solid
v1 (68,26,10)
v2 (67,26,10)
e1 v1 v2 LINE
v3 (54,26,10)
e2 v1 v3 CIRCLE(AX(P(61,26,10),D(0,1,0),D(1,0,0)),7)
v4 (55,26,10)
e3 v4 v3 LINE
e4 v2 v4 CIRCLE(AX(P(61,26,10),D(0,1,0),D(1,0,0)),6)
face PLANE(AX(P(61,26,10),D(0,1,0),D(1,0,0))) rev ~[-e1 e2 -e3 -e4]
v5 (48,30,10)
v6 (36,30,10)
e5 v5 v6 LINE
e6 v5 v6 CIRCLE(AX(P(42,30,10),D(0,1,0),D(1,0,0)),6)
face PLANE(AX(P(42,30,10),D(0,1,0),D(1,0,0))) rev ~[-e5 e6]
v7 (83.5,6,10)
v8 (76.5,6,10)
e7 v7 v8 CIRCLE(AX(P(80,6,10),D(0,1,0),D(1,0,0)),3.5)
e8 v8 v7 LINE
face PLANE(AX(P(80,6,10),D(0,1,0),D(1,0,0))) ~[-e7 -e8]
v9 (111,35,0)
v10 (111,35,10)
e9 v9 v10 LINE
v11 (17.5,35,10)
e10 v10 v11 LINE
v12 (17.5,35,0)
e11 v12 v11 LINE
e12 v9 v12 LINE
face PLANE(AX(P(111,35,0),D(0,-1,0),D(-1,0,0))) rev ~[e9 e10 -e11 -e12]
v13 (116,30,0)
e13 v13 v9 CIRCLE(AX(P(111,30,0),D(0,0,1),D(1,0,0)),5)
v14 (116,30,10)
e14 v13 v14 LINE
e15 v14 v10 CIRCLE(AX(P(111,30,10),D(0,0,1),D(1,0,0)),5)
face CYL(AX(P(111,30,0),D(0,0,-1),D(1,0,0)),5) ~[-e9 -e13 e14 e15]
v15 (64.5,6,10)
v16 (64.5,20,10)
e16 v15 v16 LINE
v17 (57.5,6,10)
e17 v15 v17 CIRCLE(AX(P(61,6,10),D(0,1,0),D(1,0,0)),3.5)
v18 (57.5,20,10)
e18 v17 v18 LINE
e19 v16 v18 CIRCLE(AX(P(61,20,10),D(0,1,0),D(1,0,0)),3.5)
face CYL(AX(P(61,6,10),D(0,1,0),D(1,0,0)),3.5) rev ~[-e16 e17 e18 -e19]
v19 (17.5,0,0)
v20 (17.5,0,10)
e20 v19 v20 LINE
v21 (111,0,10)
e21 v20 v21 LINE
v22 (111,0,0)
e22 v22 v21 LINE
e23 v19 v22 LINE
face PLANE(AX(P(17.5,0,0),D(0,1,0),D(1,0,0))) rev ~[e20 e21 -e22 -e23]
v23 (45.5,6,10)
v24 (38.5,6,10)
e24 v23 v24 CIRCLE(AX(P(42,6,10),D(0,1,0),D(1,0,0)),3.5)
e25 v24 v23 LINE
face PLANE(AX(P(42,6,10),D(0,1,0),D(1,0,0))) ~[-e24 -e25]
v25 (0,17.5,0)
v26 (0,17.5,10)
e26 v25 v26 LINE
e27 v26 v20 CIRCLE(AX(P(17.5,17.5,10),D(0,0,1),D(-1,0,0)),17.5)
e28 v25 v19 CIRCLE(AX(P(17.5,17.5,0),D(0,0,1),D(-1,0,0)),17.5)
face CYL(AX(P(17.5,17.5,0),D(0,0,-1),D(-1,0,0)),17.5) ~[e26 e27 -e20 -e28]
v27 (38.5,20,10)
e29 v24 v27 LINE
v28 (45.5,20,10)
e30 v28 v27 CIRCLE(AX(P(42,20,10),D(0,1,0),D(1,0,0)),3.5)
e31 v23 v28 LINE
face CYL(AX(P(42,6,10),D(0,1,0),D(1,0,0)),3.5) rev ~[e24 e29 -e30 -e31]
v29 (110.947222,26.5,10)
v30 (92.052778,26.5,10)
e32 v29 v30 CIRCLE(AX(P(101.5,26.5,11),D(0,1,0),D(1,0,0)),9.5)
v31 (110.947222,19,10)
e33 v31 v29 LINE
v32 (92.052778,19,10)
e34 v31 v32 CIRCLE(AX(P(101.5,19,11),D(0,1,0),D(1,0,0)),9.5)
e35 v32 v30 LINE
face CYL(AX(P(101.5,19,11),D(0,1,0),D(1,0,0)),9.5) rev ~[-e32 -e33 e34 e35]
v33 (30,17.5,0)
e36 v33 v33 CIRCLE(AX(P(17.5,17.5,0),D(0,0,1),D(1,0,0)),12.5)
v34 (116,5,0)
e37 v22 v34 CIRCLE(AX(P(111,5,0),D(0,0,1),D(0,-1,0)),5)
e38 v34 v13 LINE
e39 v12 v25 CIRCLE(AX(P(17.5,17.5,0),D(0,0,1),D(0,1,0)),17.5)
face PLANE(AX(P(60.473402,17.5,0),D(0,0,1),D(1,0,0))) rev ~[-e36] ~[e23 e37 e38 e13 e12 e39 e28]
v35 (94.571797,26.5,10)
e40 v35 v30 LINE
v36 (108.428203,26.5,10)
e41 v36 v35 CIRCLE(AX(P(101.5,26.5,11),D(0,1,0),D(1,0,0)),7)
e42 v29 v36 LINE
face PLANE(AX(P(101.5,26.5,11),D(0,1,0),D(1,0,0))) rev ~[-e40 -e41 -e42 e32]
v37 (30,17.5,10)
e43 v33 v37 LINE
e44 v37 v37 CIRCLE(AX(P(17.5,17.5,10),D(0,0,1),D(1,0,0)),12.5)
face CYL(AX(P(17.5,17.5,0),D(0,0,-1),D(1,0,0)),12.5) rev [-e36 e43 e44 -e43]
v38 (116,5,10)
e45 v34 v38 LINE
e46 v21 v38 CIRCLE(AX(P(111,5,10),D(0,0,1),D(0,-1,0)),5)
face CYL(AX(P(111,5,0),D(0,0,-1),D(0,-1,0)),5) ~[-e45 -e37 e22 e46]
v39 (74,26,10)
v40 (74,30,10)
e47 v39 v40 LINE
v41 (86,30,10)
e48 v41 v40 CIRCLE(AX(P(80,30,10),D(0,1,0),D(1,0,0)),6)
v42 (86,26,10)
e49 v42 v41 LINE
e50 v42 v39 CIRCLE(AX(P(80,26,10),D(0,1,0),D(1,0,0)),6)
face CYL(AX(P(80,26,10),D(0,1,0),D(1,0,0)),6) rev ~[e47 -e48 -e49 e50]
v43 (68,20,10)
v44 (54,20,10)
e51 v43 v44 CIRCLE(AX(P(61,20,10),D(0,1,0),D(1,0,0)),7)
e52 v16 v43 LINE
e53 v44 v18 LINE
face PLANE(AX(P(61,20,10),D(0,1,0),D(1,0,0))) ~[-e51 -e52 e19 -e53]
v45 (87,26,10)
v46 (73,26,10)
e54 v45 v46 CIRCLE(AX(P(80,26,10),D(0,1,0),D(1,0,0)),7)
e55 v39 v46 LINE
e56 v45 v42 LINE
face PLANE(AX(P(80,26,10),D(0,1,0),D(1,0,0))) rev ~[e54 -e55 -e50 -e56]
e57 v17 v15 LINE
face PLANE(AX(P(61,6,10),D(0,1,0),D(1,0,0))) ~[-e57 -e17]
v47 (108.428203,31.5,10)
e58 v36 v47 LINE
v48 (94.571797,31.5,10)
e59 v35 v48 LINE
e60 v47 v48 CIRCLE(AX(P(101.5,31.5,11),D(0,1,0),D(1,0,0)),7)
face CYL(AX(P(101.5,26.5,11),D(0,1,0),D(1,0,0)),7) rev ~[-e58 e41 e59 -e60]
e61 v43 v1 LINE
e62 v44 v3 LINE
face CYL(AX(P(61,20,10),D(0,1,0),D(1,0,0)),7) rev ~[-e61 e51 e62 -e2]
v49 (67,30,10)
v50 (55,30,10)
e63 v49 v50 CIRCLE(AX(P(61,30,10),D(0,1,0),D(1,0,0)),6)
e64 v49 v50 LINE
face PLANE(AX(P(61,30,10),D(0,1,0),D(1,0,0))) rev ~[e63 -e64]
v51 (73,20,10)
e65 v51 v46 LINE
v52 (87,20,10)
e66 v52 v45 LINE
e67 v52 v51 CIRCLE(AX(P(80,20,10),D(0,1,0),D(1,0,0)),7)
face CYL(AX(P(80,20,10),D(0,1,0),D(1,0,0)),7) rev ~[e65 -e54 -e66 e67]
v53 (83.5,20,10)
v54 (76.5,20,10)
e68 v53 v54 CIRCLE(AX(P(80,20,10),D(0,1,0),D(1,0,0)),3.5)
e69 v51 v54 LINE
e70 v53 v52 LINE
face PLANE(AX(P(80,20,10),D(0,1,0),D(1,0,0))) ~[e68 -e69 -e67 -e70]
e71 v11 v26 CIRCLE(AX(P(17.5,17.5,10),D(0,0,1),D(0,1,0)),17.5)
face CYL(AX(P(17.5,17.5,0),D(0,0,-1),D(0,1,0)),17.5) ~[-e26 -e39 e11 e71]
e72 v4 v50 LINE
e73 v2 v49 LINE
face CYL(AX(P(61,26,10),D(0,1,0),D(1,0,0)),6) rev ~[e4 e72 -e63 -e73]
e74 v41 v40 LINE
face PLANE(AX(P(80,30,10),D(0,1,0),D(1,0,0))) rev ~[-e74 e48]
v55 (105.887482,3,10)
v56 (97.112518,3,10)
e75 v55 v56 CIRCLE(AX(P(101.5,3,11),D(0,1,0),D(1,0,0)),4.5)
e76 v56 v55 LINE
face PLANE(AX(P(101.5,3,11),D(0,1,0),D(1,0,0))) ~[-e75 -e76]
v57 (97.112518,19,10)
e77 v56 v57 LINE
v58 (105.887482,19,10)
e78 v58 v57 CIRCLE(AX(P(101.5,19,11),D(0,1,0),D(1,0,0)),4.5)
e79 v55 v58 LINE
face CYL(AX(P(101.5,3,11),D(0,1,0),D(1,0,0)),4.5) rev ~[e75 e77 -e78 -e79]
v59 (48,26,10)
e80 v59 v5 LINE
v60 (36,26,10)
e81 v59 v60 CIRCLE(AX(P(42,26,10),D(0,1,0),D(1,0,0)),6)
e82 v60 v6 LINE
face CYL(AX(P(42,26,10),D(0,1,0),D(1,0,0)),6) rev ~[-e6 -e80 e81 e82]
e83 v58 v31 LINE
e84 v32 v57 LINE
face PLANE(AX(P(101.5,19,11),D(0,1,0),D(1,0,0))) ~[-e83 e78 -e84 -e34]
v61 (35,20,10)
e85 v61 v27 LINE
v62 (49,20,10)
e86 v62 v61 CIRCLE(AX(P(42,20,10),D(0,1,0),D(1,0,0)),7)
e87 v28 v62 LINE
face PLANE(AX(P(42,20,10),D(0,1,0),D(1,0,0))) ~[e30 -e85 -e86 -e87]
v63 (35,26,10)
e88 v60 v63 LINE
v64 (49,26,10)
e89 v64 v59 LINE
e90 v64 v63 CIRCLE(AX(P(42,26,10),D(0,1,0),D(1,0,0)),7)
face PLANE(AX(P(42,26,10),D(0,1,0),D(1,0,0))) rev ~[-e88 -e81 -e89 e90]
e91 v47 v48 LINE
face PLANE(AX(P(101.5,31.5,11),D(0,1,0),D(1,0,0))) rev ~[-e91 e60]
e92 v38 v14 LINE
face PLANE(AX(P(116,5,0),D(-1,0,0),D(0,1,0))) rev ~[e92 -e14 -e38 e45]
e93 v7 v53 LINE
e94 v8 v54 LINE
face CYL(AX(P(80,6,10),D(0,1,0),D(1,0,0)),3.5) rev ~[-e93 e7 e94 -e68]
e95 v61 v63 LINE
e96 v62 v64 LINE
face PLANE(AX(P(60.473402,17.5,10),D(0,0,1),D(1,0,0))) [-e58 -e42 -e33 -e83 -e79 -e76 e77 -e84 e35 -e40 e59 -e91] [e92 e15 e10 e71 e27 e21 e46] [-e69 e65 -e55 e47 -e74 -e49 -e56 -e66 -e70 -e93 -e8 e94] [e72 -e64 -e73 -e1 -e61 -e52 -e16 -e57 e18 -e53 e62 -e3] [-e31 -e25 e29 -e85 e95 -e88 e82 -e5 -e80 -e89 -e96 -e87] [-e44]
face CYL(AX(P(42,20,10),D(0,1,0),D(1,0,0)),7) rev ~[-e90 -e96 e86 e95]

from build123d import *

# Parameters (mm, degrees)
F0_R     = 12.5
F1_DEPTH = 10


with BuildPart() as f1:
    # F0 (on Top) → F1 (new body)
    with BuildSketch(Plane.XY):
        with BuildLine():
            ThreePointArc((0, 17.5), (5.1256313292, 5.1256313292), (17.5, 0))
            Line((17.5, 0), (111, 0))
            ThreePointArc((111, 0), (114.5355339059, 1.4644660941), (116, 5))
            Line((116, 5), (116, 30))
            ThreePointArc((116, 30), (114.5355339059, 33.5355339059), (111, 35))
            Line((111, 35), (17.5, 35))
            ThreePointArc((17.5, 35), (5.1256313292, 29.8743686708), (0, 17.5))
        make_face()
        with Locations((17.5, 17.5)):
            Circle(F0_R, mode=Mode.SUBTRACT)
    extrude(amount=F1_DEPTH)

    # F2 (on face) → F3 (revolve, cut)
    with BuildSketch(Plane.XY.offset(10)):
        Polygon((42, 20), (42, 6), (45.5, 6), (45.5, 20), (49, 20), (49, 26), (48, 26), (48, 30), (42, 30), (42, 26), align=None)
    revolve(axis=Axis((42, 13, 10), (0, 1, 0)), mode=Mode.SUBTRACT)

    # F2 (on face) → F4 (revolve, cut)
    with BuildSketch(Plane.XY.offset(10)):
        Polygon((61, 20), (61, 6), (64.5, 6), (64.5, 20), (68, 20), (68, 26), (67, 26), (67, 30), (61, 30), (61, 26), align=None)
    revolve(axis=Axis((61, 13, 10), (0, 1, 0)), mode=Mode.SUBTRACT)

    # F2 (on face) → F5 (revolve, cut)
    with BuildSketch(Plane.XY.offset(10)):
        Polygon((80, 20), (80, 6), (83.5, 6), (83.5, 20), (87, 20), (87, 26), (86, 26), (86, 30), (80, 30), (80, 26), align=None)
    revolve(axis=Axis((80, 13, 10), (0, 1, 0)), mode=Mode.SUBTRACT)

    # F7 (on offset) → F8 (revolve, cut)
    with BuildSketch(Plane.XY.offset(11)):
        Polygon((101.5, 19), (101.5, 3), (106, 3), (106, 19), (111, 19), (111, 26.5), (108.5, 26.5), (108.5, 31.5), (101.5, 31.5), (101.5, 26.5), align=None)
    revolve(axis=Axis((101.5, 11, 11), (0, 1, 0)), mode=Mode.SUBTRACT)


solid = f1.part
